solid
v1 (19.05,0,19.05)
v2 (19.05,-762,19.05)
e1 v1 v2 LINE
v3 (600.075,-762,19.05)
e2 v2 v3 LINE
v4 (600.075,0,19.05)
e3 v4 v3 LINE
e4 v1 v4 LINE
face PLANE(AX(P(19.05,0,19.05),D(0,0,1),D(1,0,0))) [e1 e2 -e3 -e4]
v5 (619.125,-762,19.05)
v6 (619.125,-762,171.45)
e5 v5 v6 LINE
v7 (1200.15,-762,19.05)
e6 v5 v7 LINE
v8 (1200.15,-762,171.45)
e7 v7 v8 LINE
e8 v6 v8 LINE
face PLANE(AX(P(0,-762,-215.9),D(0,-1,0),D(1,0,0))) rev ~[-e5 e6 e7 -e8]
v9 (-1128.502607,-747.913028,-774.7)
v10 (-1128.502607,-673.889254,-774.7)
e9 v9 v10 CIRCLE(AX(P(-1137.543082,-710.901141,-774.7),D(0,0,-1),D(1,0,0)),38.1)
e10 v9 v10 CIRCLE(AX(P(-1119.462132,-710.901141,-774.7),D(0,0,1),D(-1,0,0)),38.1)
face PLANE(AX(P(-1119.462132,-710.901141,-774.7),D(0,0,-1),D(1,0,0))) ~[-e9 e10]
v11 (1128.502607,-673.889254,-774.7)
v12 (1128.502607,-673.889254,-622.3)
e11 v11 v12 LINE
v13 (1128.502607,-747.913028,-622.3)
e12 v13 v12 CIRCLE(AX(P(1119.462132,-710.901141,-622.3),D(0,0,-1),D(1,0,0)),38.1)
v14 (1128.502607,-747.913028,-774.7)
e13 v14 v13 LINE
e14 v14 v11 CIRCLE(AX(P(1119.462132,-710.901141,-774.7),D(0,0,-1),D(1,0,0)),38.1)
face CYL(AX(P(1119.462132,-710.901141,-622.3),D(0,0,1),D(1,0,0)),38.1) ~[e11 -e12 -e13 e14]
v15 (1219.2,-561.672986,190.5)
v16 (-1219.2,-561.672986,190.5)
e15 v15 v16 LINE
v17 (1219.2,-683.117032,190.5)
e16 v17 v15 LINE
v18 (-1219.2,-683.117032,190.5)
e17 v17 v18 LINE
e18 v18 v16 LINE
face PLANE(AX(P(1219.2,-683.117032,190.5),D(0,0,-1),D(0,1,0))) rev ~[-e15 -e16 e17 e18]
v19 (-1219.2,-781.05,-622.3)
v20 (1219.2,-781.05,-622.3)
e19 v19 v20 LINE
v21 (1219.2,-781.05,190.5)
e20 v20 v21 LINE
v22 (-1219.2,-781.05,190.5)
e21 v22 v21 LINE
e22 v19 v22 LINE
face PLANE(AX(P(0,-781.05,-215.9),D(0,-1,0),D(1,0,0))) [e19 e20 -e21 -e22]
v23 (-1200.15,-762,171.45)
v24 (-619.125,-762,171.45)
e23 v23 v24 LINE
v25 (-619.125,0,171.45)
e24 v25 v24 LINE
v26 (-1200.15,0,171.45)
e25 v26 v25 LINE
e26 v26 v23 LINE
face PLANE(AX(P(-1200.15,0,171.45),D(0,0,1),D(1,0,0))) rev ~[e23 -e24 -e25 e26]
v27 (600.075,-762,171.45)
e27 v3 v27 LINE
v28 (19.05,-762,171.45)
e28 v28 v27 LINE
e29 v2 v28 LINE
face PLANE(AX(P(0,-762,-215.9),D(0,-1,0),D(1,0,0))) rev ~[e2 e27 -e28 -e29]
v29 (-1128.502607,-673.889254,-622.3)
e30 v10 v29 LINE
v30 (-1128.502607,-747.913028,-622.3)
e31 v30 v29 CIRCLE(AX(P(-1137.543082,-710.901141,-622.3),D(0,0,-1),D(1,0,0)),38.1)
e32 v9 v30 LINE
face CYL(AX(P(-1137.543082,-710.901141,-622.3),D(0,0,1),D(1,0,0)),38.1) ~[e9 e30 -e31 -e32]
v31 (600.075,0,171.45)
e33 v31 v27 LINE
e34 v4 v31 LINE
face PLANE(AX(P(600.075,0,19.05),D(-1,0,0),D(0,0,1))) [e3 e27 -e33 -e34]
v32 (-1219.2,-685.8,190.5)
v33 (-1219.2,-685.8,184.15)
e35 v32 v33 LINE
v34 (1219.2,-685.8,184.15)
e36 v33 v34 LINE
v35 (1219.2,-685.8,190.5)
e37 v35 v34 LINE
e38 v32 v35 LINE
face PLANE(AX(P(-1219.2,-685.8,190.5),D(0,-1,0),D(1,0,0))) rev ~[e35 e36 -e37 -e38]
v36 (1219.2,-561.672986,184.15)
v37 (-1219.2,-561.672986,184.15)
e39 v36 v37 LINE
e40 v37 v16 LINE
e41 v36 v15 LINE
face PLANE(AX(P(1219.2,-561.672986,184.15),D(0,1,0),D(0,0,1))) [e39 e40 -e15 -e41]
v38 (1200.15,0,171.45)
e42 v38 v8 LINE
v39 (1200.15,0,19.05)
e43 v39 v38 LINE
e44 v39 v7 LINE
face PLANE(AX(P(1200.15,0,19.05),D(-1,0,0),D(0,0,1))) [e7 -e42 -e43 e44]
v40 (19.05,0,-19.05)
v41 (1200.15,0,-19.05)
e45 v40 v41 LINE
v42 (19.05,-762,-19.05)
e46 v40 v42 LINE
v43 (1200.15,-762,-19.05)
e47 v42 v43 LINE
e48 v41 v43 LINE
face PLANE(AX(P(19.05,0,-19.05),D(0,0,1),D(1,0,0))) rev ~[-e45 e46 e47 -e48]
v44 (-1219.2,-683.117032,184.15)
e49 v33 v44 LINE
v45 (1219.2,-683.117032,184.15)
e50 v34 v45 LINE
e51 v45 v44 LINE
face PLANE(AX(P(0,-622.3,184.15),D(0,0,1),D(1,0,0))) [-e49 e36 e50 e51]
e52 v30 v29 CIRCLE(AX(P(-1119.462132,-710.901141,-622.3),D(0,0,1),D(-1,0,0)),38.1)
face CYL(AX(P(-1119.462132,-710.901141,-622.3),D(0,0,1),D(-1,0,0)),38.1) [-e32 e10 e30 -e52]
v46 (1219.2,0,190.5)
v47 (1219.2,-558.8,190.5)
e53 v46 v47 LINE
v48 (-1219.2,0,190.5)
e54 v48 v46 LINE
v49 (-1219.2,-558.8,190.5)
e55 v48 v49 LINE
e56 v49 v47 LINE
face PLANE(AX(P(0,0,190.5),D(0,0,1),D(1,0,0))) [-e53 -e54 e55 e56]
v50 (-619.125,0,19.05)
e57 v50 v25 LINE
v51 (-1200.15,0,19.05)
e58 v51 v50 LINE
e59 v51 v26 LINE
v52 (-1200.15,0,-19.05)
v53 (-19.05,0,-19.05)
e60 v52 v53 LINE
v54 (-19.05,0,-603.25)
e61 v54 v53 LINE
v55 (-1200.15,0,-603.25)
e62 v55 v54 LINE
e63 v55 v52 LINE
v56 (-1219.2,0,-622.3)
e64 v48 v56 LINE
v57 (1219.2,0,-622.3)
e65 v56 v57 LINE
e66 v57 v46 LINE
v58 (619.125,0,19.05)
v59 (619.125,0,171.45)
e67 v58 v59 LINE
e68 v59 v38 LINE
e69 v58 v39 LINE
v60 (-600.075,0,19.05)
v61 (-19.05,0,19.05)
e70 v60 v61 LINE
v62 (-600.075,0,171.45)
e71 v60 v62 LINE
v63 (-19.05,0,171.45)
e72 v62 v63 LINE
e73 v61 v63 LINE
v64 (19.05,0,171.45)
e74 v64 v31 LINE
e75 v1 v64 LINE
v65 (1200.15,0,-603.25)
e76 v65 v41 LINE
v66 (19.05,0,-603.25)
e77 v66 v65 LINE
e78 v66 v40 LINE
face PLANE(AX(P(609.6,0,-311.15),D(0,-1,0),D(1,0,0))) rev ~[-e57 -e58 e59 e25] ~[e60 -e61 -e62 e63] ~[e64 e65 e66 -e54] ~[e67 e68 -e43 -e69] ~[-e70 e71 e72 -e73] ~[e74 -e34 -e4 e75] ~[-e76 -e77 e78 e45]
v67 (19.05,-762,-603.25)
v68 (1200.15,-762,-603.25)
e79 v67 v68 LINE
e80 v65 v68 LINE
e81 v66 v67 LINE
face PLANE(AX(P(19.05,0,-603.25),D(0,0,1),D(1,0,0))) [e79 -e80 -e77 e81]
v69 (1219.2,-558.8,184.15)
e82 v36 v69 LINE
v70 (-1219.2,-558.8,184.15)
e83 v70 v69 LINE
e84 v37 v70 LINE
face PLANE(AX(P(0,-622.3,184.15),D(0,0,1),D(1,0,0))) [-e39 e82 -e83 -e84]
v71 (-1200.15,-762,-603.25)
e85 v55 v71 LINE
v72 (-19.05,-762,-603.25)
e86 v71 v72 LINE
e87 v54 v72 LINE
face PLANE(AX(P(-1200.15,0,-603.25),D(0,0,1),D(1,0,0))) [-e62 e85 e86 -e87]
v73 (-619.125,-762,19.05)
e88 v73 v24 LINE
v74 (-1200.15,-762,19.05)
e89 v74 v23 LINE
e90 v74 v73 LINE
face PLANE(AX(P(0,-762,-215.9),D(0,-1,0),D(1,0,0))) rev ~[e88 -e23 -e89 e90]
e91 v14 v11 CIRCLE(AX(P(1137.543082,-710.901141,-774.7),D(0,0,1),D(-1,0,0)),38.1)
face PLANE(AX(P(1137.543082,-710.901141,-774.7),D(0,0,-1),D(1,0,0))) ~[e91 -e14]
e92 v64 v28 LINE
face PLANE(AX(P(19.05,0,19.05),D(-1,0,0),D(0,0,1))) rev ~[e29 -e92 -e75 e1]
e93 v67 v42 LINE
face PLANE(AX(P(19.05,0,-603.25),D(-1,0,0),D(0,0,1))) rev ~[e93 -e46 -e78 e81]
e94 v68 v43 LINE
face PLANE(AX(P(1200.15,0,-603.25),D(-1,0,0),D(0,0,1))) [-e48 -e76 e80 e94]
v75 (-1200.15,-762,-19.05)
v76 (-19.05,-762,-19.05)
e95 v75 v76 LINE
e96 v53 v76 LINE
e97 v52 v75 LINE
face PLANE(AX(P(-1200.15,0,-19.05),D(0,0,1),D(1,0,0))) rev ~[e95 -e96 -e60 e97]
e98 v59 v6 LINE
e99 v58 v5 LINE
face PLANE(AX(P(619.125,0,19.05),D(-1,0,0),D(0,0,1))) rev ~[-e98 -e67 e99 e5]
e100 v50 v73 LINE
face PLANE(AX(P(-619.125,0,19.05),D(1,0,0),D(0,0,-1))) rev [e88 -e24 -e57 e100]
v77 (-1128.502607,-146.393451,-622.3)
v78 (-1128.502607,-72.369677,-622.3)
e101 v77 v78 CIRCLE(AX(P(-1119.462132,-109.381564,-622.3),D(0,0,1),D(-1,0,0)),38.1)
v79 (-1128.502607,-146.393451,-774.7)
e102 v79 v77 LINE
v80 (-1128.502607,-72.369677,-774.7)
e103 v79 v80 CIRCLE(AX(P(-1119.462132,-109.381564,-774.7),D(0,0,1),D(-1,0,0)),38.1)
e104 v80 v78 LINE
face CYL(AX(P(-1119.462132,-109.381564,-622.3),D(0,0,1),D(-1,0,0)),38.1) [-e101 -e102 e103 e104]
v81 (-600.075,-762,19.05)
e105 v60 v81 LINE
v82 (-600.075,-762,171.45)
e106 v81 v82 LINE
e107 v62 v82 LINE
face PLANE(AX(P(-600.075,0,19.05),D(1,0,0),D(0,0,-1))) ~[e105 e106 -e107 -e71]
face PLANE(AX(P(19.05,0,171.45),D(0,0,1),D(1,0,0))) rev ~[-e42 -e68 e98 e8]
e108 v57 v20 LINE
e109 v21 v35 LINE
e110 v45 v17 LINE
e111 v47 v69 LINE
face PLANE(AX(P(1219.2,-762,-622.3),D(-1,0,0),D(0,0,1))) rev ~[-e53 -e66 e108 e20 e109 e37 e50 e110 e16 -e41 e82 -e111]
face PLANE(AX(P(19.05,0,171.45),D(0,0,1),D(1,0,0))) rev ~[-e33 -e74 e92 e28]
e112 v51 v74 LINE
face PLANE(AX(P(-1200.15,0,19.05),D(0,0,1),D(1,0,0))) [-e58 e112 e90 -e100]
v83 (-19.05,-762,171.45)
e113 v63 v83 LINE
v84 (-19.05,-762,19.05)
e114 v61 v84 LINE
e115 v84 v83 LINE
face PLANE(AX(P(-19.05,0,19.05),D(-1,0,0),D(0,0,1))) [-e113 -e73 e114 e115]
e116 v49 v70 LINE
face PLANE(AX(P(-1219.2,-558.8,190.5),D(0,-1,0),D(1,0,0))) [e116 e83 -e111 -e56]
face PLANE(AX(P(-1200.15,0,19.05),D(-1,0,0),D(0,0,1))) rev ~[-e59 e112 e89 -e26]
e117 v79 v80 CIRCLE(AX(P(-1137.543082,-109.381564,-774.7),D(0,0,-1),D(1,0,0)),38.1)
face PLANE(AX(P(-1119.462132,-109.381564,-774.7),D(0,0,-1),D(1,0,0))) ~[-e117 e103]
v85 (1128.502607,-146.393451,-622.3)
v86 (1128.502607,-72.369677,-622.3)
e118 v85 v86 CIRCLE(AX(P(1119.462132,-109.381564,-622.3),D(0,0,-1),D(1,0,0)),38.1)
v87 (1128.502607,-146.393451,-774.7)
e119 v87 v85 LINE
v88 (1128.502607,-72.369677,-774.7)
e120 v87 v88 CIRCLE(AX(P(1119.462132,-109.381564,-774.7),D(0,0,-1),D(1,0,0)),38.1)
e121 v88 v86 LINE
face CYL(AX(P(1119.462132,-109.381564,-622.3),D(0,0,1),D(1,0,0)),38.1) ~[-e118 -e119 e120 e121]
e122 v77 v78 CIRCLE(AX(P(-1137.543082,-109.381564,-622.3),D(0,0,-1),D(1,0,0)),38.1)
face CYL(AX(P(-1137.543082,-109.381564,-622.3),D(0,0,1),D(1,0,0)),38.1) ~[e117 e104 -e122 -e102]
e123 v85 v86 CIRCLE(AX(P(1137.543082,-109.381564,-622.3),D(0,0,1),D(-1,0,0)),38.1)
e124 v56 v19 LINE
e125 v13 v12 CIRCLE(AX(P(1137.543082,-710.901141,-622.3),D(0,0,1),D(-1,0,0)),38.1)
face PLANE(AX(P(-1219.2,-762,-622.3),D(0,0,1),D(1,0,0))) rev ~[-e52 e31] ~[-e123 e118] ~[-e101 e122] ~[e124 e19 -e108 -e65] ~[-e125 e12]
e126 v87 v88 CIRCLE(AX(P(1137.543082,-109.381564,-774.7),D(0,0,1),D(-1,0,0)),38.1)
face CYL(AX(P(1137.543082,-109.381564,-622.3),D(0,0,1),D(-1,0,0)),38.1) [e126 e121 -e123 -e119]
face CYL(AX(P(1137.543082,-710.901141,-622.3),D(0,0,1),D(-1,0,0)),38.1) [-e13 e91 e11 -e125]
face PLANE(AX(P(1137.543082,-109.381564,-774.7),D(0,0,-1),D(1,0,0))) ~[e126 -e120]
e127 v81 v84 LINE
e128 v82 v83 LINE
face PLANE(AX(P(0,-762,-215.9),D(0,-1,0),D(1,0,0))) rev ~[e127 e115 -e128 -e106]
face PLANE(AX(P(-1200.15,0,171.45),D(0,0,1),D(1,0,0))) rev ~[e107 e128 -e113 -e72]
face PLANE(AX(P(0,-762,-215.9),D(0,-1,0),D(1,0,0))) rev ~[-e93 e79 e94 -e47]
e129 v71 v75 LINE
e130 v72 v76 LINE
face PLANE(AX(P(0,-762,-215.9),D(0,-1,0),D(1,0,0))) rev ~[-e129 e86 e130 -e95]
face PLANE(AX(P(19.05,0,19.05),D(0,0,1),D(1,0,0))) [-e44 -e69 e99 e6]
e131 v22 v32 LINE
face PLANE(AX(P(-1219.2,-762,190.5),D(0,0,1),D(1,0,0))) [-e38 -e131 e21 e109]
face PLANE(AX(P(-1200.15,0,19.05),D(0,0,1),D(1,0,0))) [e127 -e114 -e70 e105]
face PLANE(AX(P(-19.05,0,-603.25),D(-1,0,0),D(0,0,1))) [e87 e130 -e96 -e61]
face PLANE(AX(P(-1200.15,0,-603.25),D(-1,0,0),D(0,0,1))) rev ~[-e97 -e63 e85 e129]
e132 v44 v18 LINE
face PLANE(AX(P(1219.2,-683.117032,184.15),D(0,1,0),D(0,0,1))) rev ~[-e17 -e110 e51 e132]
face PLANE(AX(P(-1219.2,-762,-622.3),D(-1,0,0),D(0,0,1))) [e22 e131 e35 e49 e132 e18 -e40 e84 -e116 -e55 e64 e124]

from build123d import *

# Parameters (mm, degrees)
F0_W      = 1219.2
F0_H      = 190.5
F0_W_2    = 1181.1
F0_H_2    = 152.4
F1_DEPTH  = 762
F2_W      = 1219.2
F2_H      = 190.5
F2_W_2    = 1181.1
F2_H_2    = 152.4
F3_DEPTH  = 762
F4_W      = 1219.2
F4_H      = 622.3
F4_W_2    = 1181.1
F4_H_2    = 584.2
F5_DEPTH  = 762
F6_W      = 1219.2
F6_H      = 622.3
F6_W_2    = 1181.1
F6_H_2    = 584.2
F7_DEPTH  = 762
F8_W      = 2438.4
F8_H      = 127
F9_DEPTH  = 6.35
F10_W     = 2438.4
F10_H     = 812.8
F11_DEPTH = 19.05
F12_R     = 38.1
F13_DEPTH = 152.4
F14_W     = 19.05
F14_H     = 152.4
F15_DEPTH = 762
F17_W     = 121.444046
F17_H     = 6.35
F18_DEPTH = 2438.4


with BuildPart() as f1:
    # F0 (on Front) → F1 (new body)
    with BuildSketch(Plane.XZ):
        with Locations((-609.6, 95.25)):
            Rectangle(F0_W, F0_H)
        with Locations((-609.6, 95.25)):
            Rectangle(F0_W_2, F0_H_2, mode=Mode.SUBTRACT)
    extrude(amount=F1_DEPTH)

    # F2 (on Front) → F3 (join)
    with BuildSketch(Plane.XZ):
        with Locations((609.6, 95.25)):
            Rectangle(F2_W, F2_H)
        with Locations((609.6, 95.25)):
            Rectangle(F2_W_2, F2_H_2, mode=Mode.SUBTRACT)
    extrude(amount=F3_DEPTH)

    # F4 (on Front) → F5 (join)
    with BuildSketch(Plane.XZ):
        with Locations((-609.6, -311.15)):
            Rectangle(F4_W, F4_H)
        with Locations((-609.6, -311.15)):
            Rectangle(F4_W_2, F4_H_2, mode=Mode.SUBTRACT)
    extrude(amount=F5_DEPTH)

    # F6 (on Front) → F7 (join)
    with BuildSketch(Plane.XZ):
        with Locations((609.6, -311.15)):
            Rectangle(F6_W, F6_H)
        with Locations((609.6, -311.15)):
            Rectangle(F6_W_2, F6_H_2, mode=Mode.SUBTRACT)
    extrude(amount=F7_DEPTH)

    # F8 (on face) → F9 (cut)
    with BuildSketch(Plane.XY.offset(190.5)):
        with Locations((0, -622.3)):
            Rectangle(F8_W, F8_H)
    extrude(amount=-F9_DEPTH, mode=Mode.SUBTRACT)

    # F10 (on face) → F11 (join)
    with BuildSketch(Plane.XZ.offset(762)):
        with Locations((0, -215.9)):
            Rectangle(F10_W, F10_H)
    extrude(amount=F11_DEPTH)

    # F12 (on face) → F13 (join)
    with BuildSketch(Plane(origin=(0, 0, -622.3), x_dir=(1, 0, 0), z_dir=(0, 0, -1))):
        with Locations((1119.462132, 109.381564)):
            Circle(F12_R)
        with Locations((-1137.543082, 710.901141)):
            Circle(F12_R)
        with Locations((1119.462132, 710.901141)):
            Circle(F12_R)
        with Locations((-1137.543082, 109.381564)):
            Circle(F12_R)
    extrude(amount=F13_DEPTH)

    # F14 (on face) → F15 (join, through all)
    with BuildSketch(Plane(origin=(0, 0, 0), x_dir=(-1, 0, 0), z_dir=(0, 1, 0))):
        with Locations((-609.6, 95.25)):
            Rectangle(F14_W, F14_H)
    extrude(amount=-F15_DEPTH)

    # F16: F1 across plane


with BuildPart() as f1_1:
    add(f1.part)
    add(f1.part.mirror(Plane.YZ))

    # F17 (on face) → F18 (join, through all)
    with BuildSketch(Plane.YZ.offset(1219.2)):
        with Locations((-622.395009, 187.325)):
            Rectangle(F17_W, F17_H)
    extrude(amount=-F18_DEPTH)


solid = f1_1.part
